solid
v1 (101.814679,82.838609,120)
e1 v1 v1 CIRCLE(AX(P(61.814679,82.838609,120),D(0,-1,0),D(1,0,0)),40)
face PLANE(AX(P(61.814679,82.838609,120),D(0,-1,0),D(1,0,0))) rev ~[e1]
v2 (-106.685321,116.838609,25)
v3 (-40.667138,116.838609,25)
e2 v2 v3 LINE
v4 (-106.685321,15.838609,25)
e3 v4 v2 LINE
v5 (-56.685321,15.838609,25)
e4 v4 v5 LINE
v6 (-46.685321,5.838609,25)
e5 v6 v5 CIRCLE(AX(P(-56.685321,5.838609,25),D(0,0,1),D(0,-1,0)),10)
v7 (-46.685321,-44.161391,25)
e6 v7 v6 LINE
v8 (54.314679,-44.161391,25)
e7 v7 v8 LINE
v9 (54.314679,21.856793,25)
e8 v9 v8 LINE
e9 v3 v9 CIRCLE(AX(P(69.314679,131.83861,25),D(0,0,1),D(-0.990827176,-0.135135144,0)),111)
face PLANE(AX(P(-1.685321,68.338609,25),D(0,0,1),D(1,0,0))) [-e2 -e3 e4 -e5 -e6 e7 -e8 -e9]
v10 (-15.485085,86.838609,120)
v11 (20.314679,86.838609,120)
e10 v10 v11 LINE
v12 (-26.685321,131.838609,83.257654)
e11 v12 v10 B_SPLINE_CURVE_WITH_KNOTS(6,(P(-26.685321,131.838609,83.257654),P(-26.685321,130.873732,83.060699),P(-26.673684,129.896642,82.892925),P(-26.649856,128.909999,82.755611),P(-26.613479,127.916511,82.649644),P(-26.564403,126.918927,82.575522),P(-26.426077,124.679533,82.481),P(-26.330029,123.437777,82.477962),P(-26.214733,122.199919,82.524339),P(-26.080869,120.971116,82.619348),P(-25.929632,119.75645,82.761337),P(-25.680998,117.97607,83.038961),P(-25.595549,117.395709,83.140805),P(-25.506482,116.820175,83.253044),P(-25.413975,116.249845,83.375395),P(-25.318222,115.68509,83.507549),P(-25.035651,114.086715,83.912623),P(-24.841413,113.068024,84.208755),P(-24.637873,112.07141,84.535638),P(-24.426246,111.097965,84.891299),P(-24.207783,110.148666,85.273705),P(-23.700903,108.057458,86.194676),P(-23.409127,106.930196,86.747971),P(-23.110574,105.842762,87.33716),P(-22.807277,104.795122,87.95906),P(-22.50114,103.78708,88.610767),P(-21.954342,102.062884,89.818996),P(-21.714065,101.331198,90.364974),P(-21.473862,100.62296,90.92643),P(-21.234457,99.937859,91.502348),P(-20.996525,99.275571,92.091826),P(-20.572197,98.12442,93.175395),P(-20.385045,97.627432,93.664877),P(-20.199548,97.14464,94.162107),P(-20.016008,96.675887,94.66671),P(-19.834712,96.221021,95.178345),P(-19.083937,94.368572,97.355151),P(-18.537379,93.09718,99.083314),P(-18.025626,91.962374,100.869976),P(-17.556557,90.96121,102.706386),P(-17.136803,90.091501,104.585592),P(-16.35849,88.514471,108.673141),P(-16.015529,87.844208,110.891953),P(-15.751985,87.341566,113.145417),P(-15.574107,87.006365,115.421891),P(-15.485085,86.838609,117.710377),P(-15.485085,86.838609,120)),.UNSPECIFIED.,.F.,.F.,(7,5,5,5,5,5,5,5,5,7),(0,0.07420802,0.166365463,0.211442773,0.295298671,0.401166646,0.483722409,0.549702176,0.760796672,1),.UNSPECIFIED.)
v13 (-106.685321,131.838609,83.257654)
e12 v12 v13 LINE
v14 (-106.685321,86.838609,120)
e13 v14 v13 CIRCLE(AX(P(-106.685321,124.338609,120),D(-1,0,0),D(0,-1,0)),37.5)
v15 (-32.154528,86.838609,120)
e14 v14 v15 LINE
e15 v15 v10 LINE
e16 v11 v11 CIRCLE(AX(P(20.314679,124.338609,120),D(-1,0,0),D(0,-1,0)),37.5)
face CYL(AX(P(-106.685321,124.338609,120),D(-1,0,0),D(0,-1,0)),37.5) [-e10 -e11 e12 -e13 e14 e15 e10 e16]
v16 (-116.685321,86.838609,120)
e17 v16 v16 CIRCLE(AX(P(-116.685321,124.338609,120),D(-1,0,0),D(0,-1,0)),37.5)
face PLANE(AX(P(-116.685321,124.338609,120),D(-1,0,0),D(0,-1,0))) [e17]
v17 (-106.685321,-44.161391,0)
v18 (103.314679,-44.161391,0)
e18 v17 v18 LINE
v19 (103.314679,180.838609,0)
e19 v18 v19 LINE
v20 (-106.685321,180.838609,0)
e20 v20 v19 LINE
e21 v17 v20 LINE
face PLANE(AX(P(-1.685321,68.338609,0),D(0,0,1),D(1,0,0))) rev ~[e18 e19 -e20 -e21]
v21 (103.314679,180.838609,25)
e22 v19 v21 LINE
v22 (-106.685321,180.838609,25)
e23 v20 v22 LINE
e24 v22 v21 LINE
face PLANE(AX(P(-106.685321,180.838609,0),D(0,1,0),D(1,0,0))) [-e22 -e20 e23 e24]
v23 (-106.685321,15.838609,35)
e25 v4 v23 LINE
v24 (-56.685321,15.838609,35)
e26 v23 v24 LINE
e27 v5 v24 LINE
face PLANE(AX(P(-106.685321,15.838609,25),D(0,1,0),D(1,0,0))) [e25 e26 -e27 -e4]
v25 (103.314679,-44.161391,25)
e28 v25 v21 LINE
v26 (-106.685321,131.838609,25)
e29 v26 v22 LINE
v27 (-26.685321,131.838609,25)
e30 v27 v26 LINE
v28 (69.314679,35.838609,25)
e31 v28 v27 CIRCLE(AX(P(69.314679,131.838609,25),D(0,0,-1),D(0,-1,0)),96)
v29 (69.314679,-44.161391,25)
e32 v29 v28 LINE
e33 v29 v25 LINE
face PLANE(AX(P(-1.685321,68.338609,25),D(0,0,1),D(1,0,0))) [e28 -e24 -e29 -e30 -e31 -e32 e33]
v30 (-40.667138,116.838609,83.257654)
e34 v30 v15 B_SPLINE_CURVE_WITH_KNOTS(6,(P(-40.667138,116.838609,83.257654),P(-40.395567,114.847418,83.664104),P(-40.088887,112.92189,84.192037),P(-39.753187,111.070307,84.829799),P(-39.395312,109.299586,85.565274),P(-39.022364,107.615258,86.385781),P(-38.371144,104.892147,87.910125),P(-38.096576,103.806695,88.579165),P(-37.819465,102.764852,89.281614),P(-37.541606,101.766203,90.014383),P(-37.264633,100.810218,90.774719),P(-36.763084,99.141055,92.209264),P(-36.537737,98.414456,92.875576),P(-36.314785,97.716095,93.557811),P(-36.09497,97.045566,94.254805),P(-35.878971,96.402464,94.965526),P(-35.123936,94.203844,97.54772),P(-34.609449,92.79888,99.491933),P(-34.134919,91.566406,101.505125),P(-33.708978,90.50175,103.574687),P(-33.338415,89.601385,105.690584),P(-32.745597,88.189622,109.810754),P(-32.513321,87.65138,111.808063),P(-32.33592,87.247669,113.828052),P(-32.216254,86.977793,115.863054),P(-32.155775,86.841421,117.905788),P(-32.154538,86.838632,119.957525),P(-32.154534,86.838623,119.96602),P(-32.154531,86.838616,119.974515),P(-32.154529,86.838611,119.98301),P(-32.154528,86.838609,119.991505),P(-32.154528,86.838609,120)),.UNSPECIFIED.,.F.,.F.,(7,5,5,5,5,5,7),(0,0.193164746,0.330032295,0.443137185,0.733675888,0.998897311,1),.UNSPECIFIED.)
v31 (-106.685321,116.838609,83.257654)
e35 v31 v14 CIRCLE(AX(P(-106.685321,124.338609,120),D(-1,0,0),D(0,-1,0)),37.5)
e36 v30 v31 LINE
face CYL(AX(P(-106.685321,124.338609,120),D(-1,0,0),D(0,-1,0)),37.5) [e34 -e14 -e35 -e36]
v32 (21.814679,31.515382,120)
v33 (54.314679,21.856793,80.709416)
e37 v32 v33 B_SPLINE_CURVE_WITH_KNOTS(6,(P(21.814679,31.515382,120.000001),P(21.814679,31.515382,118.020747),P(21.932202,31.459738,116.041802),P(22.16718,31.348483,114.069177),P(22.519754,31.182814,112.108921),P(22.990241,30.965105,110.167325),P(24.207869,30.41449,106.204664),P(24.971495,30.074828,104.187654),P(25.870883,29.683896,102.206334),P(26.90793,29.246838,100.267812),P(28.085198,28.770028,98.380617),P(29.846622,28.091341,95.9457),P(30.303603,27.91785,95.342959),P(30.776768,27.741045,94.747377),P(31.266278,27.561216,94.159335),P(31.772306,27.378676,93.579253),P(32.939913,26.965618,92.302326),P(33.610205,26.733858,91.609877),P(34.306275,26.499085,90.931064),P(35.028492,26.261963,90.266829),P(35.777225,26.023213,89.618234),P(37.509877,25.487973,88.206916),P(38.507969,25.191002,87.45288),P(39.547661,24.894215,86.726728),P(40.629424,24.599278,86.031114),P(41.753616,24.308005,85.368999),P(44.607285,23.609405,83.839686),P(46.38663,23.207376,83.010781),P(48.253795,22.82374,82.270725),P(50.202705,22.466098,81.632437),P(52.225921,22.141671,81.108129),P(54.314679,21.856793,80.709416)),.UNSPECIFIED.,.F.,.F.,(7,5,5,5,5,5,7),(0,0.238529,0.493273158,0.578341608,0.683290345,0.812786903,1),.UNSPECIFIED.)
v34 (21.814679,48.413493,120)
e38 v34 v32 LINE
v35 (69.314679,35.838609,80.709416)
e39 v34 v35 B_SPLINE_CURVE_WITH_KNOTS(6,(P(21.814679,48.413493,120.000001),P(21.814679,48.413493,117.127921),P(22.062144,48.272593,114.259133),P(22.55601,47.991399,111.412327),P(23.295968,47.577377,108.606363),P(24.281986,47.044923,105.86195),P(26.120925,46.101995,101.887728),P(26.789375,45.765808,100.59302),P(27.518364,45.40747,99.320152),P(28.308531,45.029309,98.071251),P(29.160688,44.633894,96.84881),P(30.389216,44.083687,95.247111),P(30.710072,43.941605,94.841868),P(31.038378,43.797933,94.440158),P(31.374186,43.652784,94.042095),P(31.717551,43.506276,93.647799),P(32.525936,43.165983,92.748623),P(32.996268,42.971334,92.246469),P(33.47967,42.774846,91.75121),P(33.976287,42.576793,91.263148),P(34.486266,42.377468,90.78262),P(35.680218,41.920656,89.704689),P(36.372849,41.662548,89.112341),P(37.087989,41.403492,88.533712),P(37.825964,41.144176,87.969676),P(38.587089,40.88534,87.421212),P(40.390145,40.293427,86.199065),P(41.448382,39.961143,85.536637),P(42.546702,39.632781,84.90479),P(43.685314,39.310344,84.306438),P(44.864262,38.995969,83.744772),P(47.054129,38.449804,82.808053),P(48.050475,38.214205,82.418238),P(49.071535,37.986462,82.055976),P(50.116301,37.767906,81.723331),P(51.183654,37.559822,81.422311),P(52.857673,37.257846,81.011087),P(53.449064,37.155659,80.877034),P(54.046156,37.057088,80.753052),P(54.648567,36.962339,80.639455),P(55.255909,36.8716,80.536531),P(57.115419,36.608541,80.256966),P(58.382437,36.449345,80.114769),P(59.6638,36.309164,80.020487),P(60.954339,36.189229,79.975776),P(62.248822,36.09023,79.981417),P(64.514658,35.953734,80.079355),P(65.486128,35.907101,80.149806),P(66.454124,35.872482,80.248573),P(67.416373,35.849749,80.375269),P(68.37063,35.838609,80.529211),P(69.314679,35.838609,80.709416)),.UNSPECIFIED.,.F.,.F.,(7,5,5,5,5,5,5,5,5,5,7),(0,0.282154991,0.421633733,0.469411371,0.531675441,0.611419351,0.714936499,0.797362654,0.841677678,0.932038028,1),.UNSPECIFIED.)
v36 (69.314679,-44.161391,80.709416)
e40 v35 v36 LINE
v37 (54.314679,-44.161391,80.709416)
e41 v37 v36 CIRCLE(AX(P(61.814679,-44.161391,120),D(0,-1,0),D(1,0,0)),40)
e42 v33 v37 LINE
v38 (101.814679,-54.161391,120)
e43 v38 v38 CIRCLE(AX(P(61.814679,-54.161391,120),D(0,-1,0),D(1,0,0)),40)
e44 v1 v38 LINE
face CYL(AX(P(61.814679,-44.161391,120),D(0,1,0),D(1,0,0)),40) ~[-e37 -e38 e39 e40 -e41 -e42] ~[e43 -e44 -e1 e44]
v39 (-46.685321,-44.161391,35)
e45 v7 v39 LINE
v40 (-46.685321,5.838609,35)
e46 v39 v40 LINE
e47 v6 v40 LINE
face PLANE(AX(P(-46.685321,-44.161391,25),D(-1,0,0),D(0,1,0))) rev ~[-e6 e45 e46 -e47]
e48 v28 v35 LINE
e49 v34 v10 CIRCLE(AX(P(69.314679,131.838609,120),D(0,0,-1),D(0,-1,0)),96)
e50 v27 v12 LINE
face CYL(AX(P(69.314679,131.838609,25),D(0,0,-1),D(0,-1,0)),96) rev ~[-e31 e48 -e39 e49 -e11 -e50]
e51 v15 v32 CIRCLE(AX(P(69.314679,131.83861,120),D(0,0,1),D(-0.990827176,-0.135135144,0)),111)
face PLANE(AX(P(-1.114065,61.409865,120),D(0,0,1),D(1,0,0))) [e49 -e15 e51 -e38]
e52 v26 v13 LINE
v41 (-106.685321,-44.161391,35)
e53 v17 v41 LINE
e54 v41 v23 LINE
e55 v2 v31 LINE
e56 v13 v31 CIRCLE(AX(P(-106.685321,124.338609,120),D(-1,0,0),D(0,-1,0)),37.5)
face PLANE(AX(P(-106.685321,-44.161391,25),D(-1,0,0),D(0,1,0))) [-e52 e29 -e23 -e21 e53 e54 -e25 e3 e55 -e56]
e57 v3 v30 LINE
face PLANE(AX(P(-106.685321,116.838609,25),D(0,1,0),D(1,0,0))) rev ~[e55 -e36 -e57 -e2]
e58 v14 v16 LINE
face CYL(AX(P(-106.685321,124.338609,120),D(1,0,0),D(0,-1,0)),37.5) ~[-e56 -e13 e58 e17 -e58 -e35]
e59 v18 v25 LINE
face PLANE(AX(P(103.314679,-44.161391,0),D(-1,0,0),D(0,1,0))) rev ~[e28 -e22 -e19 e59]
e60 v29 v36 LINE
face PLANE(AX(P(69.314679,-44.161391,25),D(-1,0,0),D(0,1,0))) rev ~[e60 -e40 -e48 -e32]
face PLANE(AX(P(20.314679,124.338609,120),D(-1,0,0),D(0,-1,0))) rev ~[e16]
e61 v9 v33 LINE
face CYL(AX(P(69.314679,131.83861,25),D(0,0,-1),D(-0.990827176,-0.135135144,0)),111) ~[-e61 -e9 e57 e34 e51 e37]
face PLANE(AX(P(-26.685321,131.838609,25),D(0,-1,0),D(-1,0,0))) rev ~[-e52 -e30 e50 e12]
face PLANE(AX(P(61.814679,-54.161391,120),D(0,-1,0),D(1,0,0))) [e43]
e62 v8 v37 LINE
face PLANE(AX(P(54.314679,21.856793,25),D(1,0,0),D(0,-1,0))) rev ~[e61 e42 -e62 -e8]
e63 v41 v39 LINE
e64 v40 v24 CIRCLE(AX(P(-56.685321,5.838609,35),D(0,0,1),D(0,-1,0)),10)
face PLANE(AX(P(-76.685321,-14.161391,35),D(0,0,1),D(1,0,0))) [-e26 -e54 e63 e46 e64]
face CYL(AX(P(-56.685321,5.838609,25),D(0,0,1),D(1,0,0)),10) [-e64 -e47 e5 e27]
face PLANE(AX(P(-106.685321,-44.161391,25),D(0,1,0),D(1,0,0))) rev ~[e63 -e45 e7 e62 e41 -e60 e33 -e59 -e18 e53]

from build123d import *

# Parameters (mm, degrees)
F0_W          = 210
F0_H          = 225
F1_DEPTH      = 25
F3_DEPTH      = 95
F4_R          = 37.5
F5_DEPTH      = 10
F5_DEPTH_BACK = 127
F6_R          = 40
F7_DEPTH      = 10
F7_DEPTH_BACK = 127
F8_W          = 60
F8_H          = 60
F9_DEPTH      = 10
F10_R         = 10


with BuildPart() as f1:
    # F0 (on Top) → F1 (new body)
    with BuildSketch(Plane.XY):
        with Locations((-1.685321, 68.338609)):
            Rectangle(F0_W, F0_H)
    extrude(amount=F1_DEPTH)

    # F2 (on face) → F3 (join)
    with BuildSketch(Plane.XY.offset(25)):
        with BuildLine():
            Line((-26.685321, 131.838609), (-106.685321, 131.838609))
            Line((-106.685321, 131.838609), (-106.685321, 116.838609))
            Line((-106.685321, 116.838609), (-40.667138, 116.838609))
            ThreePointArc((-40.667138, 116.838609), (-9.174174, 53.349757), (54.314679, 21.856793))
            Line((54.314679, 21.856793), (54.314679, -44.161391))
            Line((54.314679, -44.161391), (69.314679, -44.161391))
            Line((69.314679, -44.161391), (69.314679, 35.838609))
            ThreePointArc((69.314679, 35.838609), (1.432428, 63.956358), (-26.685321, 131.838609))
        make_face()
    extrude(amount=F3_DEPTH)

    # F4 (on face) → F5 (join, two sides)
    with BuildSketch(Plane(origin=(-106.685321, 0, 0), x_dir=(0, -1, 0), z_dir=(-1, 0, 0))) as f5_sk:
        with Locations((-124.338609, 120)):
            Circle(F4_R)
    extrude(amount=F5_DEPTH)
    extrude(f5_sk.sketch, amount=-F5_DEPTH_BACK)

    # F6 (on face) → F7 (join, two sides)
    with BuildSketch(Plane.XZ.offset(44.161391)) as f7_sk:
        with Locations((61.814679, 120)):
            Circle(F6_R)
    extrude(amount=F7_DEPTH)
    extrude(f7_sk.sketch, amount=-F7_DEPTH_BACK)

    # F8 (on face) → F9 (join)
    with BuildSketch(Plane.XY.offset(25)):
        with Locations((-76.685321, -14.161391)):
            Rectangle(F8_W, F8_H)
    extrude(amount=F9_DEPTH)

    # F10
    f10_edges = [f1.edges().sort_by_distance(p)[0] for p in [
        (-46.685321, 15.838609, 30),
    ]]
    fillet(f10_edges, radius=F10_R)


solid = f1.part
